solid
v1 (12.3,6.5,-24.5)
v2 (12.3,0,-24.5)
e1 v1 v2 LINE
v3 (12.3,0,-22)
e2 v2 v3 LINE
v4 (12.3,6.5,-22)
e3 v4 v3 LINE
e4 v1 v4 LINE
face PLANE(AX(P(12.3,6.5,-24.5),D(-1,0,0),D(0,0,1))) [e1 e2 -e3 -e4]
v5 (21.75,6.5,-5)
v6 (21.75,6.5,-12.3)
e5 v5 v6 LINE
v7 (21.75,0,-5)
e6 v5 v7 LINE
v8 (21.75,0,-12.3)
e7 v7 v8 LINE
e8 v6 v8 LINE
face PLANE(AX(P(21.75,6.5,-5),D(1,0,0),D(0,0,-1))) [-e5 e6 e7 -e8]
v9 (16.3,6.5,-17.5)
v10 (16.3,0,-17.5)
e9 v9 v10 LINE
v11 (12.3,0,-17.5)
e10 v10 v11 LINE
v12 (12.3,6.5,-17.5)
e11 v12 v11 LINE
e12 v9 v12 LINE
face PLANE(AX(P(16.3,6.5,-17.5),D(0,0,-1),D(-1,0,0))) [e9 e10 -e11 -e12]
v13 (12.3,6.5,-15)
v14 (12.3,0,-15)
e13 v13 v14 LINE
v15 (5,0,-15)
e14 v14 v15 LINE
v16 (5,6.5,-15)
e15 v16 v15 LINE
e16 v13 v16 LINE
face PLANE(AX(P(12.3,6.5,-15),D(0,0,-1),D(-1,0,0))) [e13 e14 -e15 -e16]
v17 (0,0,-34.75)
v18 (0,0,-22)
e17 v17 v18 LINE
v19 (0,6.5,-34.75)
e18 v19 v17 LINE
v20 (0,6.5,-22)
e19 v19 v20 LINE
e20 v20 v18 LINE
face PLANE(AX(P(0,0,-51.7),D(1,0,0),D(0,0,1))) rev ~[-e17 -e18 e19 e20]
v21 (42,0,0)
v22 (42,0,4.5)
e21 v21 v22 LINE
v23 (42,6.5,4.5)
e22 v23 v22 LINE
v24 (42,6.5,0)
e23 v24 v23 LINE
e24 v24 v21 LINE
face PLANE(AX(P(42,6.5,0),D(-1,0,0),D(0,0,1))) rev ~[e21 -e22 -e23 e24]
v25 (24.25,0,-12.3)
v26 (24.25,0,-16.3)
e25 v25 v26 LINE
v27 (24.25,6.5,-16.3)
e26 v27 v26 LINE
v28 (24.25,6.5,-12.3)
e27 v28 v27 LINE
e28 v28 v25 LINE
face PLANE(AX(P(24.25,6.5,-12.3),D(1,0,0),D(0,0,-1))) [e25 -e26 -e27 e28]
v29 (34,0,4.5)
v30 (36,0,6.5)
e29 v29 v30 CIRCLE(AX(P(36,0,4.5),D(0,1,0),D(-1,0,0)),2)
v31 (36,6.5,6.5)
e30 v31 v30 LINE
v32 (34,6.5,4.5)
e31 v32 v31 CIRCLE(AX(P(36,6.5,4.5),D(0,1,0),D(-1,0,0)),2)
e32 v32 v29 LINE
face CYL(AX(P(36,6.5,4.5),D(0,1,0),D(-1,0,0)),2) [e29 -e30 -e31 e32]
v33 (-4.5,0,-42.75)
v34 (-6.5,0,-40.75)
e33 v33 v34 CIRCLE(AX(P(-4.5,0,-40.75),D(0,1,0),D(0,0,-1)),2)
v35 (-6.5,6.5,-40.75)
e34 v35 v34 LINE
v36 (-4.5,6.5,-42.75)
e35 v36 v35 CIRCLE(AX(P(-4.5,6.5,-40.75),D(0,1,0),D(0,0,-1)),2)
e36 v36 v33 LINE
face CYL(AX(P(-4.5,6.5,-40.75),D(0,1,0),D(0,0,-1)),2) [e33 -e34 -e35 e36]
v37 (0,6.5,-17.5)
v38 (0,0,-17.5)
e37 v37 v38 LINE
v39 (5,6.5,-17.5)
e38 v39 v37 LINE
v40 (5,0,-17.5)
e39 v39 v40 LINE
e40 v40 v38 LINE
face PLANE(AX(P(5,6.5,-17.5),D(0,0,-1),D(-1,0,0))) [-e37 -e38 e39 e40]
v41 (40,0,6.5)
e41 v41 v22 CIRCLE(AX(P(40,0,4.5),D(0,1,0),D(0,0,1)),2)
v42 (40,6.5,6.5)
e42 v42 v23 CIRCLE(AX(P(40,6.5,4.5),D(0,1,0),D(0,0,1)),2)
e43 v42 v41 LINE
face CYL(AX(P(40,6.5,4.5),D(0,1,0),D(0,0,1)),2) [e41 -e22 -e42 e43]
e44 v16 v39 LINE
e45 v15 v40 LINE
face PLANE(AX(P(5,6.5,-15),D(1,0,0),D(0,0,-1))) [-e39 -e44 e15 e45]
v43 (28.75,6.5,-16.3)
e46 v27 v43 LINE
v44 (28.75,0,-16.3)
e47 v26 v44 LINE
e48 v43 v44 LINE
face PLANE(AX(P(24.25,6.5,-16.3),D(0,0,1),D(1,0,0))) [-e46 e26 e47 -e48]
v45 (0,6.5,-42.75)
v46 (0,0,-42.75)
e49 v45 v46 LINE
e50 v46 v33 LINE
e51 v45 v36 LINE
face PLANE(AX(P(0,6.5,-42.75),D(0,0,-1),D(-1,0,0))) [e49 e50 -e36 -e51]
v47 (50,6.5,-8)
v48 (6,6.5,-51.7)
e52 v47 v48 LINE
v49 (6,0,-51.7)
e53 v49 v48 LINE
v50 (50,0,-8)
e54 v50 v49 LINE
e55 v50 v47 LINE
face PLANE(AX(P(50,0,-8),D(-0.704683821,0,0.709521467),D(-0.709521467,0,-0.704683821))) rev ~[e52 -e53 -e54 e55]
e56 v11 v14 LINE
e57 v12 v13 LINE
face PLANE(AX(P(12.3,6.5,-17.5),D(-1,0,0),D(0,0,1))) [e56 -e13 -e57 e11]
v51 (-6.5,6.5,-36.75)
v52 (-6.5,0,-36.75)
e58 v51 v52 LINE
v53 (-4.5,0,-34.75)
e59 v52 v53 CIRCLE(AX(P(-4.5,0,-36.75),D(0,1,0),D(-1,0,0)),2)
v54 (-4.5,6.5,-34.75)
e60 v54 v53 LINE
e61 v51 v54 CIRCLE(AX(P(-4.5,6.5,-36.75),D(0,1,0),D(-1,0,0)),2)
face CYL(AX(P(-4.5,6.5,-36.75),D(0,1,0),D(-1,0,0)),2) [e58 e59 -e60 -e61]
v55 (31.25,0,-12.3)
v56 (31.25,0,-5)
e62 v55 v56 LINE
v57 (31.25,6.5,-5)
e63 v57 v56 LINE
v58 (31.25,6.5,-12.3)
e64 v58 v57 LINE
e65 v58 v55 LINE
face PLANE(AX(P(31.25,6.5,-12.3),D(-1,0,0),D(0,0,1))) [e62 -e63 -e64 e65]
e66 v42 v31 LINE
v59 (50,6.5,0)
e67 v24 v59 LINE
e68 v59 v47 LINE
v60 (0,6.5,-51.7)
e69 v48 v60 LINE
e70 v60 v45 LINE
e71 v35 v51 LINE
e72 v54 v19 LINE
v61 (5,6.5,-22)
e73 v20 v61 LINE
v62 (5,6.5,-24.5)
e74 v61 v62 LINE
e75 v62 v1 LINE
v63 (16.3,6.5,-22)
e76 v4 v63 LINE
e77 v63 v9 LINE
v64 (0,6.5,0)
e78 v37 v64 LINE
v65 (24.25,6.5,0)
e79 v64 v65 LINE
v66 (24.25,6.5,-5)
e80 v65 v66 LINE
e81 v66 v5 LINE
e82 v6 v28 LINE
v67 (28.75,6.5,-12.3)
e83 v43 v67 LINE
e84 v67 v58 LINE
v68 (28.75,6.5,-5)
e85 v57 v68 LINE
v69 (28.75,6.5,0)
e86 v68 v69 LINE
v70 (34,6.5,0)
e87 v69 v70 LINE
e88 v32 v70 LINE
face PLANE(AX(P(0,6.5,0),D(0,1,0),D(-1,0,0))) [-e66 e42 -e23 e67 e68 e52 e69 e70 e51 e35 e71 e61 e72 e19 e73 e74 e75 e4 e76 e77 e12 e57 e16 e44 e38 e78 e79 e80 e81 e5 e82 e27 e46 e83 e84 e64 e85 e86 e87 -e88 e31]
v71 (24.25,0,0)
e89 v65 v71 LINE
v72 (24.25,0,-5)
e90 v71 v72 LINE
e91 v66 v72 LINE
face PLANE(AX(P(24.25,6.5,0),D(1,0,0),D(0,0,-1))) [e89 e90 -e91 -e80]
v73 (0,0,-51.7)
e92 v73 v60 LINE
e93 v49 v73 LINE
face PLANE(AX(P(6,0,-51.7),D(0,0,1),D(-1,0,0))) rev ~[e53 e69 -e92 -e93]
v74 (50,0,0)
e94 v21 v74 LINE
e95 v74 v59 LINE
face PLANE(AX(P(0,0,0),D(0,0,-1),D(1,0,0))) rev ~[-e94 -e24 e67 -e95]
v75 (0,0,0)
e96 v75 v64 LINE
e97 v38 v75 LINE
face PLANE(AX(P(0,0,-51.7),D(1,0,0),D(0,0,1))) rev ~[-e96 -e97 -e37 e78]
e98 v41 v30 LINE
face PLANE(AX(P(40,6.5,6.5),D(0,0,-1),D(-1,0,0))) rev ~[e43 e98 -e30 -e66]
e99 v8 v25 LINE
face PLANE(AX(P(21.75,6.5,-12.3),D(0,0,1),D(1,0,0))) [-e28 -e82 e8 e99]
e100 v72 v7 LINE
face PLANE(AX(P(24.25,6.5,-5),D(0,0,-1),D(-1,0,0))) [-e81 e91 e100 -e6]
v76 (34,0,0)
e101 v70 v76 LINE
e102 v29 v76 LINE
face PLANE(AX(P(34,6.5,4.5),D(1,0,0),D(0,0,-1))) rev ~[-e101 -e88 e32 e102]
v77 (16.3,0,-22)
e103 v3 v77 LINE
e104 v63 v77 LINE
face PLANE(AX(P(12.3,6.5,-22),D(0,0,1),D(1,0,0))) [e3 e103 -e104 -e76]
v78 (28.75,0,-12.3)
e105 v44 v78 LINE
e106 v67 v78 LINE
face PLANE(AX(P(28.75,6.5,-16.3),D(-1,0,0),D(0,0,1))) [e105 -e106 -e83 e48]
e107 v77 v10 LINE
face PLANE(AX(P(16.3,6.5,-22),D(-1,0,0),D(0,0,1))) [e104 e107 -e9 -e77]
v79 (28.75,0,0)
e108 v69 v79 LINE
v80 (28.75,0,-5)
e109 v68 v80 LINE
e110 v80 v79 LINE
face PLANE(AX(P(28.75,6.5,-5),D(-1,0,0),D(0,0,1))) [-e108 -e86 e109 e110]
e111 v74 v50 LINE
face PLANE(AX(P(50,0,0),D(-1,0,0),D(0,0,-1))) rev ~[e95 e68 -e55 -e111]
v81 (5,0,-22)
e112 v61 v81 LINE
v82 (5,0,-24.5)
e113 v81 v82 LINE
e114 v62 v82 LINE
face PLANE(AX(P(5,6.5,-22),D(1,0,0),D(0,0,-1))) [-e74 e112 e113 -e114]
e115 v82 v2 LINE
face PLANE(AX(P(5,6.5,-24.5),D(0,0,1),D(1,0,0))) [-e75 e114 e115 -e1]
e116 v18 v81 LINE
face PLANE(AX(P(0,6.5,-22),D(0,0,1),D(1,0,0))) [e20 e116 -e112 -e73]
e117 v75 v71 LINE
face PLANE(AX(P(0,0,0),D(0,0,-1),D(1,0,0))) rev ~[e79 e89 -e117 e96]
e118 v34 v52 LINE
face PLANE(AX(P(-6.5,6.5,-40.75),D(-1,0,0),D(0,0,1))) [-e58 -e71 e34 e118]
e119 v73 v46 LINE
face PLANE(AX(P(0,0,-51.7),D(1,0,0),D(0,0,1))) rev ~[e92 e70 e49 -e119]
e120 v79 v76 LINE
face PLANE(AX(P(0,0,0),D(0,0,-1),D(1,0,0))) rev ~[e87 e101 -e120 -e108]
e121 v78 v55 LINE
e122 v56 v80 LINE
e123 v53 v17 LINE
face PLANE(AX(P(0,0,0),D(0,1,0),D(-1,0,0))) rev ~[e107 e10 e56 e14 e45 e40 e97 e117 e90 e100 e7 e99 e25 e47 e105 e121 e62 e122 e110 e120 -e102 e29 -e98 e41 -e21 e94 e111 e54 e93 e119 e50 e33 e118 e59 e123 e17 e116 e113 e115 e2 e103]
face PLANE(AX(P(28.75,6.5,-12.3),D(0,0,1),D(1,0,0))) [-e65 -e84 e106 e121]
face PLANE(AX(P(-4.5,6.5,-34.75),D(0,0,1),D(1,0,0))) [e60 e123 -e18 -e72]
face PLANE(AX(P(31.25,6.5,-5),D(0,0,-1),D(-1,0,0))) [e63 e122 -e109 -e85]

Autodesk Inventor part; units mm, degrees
ref_plane "YZ Plane" through (0, 0, 0) normal (1, 0, 0) x (0, 1, 0)
ref_plane "XZ Plane" through (0, 0, 0) normal (0, 1, 0) x (-1, 0, 0)
ref_plane "XY Plane" through (0, 0, 0) normal (0, 0, 1) x (1, 0, 0)
sketch "Sketch1" plane through (0, 0, 0) normal (0, 1, 0) x (-1, 0, 0)
  line L0 (0, -51.7) -> (0, 0)
  line L1 (0, 0) -> (-50, 0)
  line L2 (-50, 0) -> (-50, -8)
  line L3 (-50, -8) -> (-6, -51.7)
  line L4 (-6, -51.7) -> (0, -51.7)
  dimension "d0" = 51.7
  dimension "d1" = 50
  dimension "d2" = 8
  dimension "d3" = 6
extrude "Extrusion1" add sketch "Sketch1" along normal blind 6.5
sketch "Sketch2" plane through (0, 6.5, 0) normal (0, 1, 0) x (1, 0, 0)
  line L0 (0, 0) -> (50, 0) projected
  line L1 (50, 0) -> (50, 8) projected
  line L2 (34, 0) -> (42, 0)
  line L3 (42, 0) -> (42, -4.5)
  line L4 (40, -6.5) -> (36, -6.5)
  line L5 (34, -4.5) -> (34, 0)
  arc A0 (34, -4.5) -> (36, -6.5) centre (36, -4.5) ccw
  arc A1 (40, -6.5) -> (42, -4.5) centre (40, -4.5) ccw
  dimension "d6" = 2
  dimension "d7" = 8
  dimension "d8" = 6.5
  dimension "d9" = 8
extrude "Extrusion2" add sketch "Sketch2" against normal blind 6.5
sketch "Sketch3" plane through (0, 6.5, 0) normal (0, 1, 0) x (1, 0, 0)
  line L0 (0, 0) -> (34, 0) projected
  line L1 (34, 0) -> (34, -4.5) projected
  line L2 (24.25, 16.3) -> (28.75, 16.3)
  line L3 (28.75, 0) -> (24.25, 0)
  line L4 (31.25, 12.3) -> (31.25, 5)
  line L5 (21.75, 5) -> (21.75, 12.3)
  line L6 (21.75, 12.3) -> (24.25, 12.3)
  line L7 (28.75, 12.3) -> (31.25, 12.3)
  line L8 (24.25, 0) -> (24.25, 5)
  line L9 (24.25, 12.3) -> (24.25, 16.3)
  line L10 (31.25, 5) -> (28.75, 5)
  line L11 (24.25, 5) -> (21.75, 5)
  line L12 (28.75, 16.3) -> (28.75, 12.3)
  line L13 (28.75, 5) -> (28.75, 0)
  point P0 (26.5, 16.3)
  dimension "d12" = 4.5
  dimension "d13" = 5
  dimension "d14" = 7.3
  dimension "d15" = 4
  dimension "d16" = 2.5
  dimension "d17" = 7.5
extrude "Extrusion3" cut sketch "Sketch3" against normal through all
sketch "Sketch4" plane through (0, 6.5, 0) normal (0, 1, 0) x (1, 0, 0)
  line L0 (0, 51.7) -> (0, 0) projected
  line L1 (0, 0) -> (24.25, 0) projected
  line L2 (16.3, 22) -> (16.3, 17.5)
  line L3 (0, 17.5) -> (0, 22)
  line L4 (5, 24.5) -> (12.3, 24.5)
  line L5 (12.3, 15) -> (5, 15)
  line L6 (0, 22) -> (5, 22)
  line L7 (12.3, 22) -> (16.3, 22)
  line L8 (16.3, 17.5) -> (12.3, 17.5)
  line L9 (5, 17.5) -> (0, 17.5)
  line L10 (5, 15) -> (5, 17.5)
  line L11 (5, 22) -> (5, 24.5)
  line L12 (12.3, 24.5) -> (12.3, 22)
  line L13 (12.3, 17.5) -> (12.3, 15)
  point P0 (16.3, 19.75)
  dimension "d20" = 4.5
  dimension "d21" = 5
  dimension "d22" = 4
  dimension "d23" = 7.3
  dimension "d24" = 19.75
  dimension "d25" = 2.5
extrude "Extrusion4" cut sketch "Sketch4" against normal through all
sketch "Sketch5" plane through (0, 6.5, 0) normal (0, 1, 0) x (1, 0, 0)
  line L0 (16.3, 22) -> (16.3, 17.5) projected
  line L1 (0, 51.7) -> (0, 22) projected
  line L2 (0, 42.75) -> (-4.5, 42.75)
  line L3 (-6.5, 40.75) -> (-6.5, 36.75)
  line L4 (-4.5, 34.75) -> (0, 34.75)
  line L5 (0, 34.75) -> (0, 42.75)
  arc A0 (-4.5, 42.75) -> (-6.5, 40.75) centre (-4.5, 40.75) ccw
  arc A1 (-6.5, 36.75) -> (-4.5, 34.75) centre (-4.5, 36.75) ccw
  point P0 (16.3, 19.75)
  dimension "d28" = 2
  dimension "d29" = 8
  dimension "d30" = 6.5
  dimension "d31" = 15
extrude "Extrusion5" add sketch "Sketch5" against normal blind 6.5
properties part number "x_carryage_brace_top"
